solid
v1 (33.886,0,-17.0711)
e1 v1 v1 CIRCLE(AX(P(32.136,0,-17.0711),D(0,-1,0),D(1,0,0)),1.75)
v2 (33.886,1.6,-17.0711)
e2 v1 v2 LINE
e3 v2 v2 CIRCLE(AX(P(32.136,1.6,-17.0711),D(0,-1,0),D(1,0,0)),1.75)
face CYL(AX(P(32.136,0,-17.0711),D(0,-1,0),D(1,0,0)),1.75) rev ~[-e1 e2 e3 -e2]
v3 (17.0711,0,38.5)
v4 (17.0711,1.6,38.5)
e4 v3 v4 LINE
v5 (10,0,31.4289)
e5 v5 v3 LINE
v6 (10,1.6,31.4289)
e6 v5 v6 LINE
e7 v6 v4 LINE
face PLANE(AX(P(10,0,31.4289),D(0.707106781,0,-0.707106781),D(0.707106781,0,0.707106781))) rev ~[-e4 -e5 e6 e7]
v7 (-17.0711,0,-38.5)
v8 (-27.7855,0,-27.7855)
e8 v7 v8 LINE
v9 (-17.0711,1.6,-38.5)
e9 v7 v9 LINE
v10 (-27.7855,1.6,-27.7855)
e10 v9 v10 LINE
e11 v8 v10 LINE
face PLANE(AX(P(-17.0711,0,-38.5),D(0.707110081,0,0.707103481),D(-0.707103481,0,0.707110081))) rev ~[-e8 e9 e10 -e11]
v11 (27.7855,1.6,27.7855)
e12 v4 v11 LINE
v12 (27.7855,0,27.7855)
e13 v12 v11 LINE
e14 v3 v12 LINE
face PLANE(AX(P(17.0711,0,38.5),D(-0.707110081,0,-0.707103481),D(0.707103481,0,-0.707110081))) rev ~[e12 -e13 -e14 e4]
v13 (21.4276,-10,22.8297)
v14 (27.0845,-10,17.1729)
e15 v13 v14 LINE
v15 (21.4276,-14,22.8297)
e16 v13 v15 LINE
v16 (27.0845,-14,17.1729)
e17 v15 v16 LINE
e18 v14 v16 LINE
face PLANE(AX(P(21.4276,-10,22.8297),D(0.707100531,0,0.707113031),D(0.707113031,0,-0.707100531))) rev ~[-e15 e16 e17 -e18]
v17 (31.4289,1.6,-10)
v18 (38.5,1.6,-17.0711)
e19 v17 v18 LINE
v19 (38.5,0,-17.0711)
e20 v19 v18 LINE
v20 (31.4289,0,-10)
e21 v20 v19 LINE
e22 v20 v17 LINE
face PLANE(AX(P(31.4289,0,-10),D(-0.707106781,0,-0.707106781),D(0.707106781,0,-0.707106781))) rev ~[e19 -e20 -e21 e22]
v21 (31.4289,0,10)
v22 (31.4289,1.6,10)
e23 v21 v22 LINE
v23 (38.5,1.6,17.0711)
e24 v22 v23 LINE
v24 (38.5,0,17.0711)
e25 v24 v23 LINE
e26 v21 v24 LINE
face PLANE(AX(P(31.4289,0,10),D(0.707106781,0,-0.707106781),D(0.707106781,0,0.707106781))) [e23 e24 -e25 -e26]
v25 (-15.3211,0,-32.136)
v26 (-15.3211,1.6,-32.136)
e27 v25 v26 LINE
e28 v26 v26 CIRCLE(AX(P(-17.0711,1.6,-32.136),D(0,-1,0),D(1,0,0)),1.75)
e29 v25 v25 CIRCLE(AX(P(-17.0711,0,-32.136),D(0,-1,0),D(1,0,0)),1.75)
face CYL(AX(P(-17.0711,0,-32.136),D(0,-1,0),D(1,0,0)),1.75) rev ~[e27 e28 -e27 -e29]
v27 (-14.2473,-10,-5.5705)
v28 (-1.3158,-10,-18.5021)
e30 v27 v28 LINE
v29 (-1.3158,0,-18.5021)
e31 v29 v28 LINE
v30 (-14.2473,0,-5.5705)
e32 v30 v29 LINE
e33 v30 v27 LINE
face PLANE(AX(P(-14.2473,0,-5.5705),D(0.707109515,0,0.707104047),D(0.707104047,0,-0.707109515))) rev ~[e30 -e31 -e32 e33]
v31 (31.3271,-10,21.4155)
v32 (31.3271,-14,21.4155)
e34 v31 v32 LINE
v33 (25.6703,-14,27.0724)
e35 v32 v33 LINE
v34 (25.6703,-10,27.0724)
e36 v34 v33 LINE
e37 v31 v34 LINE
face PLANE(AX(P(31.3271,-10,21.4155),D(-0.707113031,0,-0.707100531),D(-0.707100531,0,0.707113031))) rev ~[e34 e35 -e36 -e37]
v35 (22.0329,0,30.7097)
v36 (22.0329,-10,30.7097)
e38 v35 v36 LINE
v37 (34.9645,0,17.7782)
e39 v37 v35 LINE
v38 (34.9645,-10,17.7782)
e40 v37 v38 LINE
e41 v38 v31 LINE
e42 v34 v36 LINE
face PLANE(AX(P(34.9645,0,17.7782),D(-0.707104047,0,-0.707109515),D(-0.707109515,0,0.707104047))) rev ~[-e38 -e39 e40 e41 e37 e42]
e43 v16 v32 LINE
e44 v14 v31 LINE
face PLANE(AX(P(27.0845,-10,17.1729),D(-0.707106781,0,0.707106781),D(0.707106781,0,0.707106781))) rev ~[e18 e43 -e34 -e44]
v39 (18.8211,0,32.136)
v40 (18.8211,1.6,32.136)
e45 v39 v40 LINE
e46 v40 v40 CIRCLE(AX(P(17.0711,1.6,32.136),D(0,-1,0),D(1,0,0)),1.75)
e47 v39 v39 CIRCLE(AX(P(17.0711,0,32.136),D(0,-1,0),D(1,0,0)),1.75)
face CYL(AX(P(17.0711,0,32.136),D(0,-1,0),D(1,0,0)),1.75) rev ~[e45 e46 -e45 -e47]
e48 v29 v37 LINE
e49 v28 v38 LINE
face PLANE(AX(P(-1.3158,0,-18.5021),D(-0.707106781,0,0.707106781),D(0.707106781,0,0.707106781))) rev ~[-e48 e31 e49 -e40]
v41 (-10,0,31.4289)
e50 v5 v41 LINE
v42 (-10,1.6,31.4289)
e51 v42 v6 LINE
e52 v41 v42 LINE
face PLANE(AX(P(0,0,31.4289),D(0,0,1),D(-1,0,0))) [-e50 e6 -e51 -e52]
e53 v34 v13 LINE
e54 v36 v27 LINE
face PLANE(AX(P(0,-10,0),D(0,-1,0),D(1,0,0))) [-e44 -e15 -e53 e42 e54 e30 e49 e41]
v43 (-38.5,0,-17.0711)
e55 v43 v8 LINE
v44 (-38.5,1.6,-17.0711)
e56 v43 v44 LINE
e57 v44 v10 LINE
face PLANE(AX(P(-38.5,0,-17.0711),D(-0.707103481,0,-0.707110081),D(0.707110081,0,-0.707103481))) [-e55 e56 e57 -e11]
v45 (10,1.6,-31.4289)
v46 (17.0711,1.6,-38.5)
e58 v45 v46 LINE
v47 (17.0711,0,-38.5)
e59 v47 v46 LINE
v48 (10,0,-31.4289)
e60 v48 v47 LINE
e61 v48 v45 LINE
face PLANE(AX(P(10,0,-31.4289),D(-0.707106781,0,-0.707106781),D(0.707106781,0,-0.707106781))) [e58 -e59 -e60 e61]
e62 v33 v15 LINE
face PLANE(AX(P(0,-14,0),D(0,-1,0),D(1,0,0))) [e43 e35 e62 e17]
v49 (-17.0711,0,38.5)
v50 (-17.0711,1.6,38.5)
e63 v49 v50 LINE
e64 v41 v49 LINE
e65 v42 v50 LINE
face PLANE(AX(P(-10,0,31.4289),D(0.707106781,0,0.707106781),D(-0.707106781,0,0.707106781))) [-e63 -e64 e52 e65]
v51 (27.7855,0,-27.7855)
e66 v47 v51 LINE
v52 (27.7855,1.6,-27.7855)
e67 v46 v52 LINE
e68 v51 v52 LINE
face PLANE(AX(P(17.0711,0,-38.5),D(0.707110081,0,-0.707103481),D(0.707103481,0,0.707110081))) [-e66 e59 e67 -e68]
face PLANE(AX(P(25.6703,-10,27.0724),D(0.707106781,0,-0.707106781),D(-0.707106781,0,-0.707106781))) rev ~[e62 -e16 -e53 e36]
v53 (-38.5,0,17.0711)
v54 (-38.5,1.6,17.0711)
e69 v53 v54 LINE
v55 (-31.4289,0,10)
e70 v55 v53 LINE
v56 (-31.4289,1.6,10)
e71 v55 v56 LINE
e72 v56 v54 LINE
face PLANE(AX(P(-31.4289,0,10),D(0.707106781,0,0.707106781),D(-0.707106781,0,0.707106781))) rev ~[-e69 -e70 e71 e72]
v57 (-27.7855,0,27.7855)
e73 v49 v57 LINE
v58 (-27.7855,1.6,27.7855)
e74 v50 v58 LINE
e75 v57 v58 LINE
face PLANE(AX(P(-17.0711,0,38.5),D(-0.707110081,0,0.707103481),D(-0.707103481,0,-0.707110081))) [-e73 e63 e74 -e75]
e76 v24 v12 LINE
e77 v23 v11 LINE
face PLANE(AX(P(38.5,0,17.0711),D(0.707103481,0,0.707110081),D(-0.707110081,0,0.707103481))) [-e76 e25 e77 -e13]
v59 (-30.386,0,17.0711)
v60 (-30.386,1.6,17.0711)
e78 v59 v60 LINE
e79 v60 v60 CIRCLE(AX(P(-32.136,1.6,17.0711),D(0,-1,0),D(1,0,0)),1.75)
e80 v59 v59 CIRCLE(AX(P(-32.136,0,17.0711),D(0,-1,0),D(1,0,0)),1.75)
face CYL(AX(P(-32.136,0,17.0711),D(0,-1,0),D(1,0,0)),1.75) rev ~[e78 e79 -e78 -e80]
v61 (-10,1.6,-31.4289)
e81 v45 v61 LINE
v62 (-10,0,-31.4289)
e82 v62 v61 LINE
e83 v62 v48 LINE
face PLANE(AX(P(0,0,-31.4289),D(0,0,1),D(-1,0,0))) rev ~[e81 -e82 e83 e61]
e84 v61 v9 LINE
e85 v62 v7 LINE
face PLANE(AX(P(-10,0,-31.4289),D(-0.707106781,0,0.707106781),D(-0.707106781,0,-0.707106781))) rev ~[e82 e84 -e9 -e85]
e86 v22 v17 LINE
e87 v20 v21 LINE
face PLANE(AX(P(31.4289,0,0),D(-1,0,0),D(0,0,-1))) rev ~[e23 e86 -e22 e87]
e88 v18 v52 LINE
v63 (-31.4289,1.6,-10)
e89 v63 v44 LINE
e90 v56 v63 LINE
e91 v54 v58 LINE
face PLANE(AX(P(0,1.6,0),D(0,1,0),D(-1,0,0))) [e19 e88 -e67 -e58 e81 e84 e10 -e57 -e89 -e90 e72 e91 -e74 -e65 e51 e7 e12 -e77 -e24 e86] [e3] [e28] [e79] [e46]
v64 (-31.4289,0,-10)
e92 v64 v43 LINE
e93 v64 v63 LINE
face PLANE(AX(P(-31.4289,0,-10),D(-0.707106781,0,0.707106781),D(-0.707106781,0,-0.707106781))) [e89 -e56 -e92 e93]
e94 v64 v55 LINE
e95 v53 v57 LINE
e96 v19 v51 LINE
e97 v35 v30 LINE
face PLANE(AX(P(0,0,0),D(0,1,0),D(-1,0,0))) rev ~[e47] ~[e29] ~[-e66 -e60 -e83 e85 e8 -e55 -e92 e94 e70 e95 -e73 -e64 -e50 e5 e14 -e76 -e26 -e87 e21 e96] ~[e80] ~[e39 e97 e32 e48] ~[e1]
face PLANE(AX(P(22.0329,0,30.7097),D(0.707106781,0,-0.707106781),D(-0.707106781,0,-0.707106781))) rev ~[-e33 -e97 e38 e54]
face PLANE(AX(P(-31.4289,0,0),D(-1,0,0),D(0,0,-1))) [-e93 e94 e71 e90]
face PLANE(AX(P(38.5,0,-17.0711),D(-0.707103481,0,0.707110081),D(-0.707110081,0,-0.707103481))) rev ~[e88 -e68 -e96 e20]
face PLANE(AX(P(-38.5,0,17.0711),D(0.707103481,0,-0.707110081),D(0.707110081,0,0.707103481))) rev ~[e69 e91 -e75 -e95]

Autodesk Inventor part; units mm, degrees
ref_plane "YZ Plane" through (0, 0, 0) normal (1, 0, 0) x (0, 1, 0)
ref_plane "XZ Plane" through (0, 0, 0) normal (0, 1, 0) x (-1, 0, 0)
ref_plane "XY Plane" through (0, 0, 0) normal (0, 0, 1) x (1, 0, 0)
sketch "Esquisse1" plane through (0, 0, 0) normal (0, 1, 0) x (-1, 0, 0)
  line L0 (0, 0) -> (40.8419, 40.8419) construction
  line L1 (0, 0) -> (43.2459, 0) construction
  line L2 (0, 0) -> (0, 37.214) construction
  line L3 (31.4289, 0) -> (31.4289, 10)
  line L4 (31.4289, 10) -> (38.5, 17.0711)
  line L5 (38.5, 17.0711) -> (27.7855, 27.7855)
  line L6 (0, 31.4289) -> (10, 31.4289)
  line L7 (10, 31.4289) -> (17.0711, 38.5)
  line L8 (17.0711, 38.5) -> (27.7855, 27.7855)
  line L9 (31.4289, 0) -> (31.4289, -10)
  line L10 (31.4289, -10) -> (38.5, -17.0711)
  line L11 (38.5, -17.0711) -> (27.7855, -27.7855)
  line L12 (0, -31.4289) -> (10, -31.4289)
  line L13 (10, -31.4289) -> (17.0711, -38.5)
  line L14 (17.0711, -38.5) -> (27.7855, -27.7855)
  line L15 (0, 0) -> (-40.8419, 40.8419) construction
  line L16 (0, 0) -> (-43.2459, 0) construction
  line L17 (-31.4289, 0) -> (-31.4289, 10)
  line L18 (-31.4289, 10) -> (-38.5, 17.0711)
  line L19 (-38.5, 17.0711) -> (-27.7855, 27.7855)
  line L20 (0, 31.4289) -> (-10, 31.4289)
  line L21 (-10, 31.4289) -> (-17.0711, 38.5)
  line L22 (-17.0711, 38.5) -> (-27.7855, 27.7855)
  line L23 (-38.5, -17.0711) -> (-27.7855, -27.7855)
  line L24 (-31.4289, -10) -> (-38.5, -17.0711)
  line L25 (-31.4289, 0) -> (-31.4289, -10)
  line L26 (-17.0711, -38.5) -> (-27.7855, -27.7855)
  line L27 (-10, -31.4289) -> (-17.0711, -38.5)
  line L28 (0, -31.4289) -> (-10, -31.4289)
  dimension "d4" = 45
  dimension "d5" = 10
  dimension "d6" = 10
  dimension "d7" = 38.5
  dimension "d10" = 77
extrude "Extrusion1" add sketch "Esquisse1" along normal blind 1.6
sketch "Esquisse3" plane through (0, 0, 0) normal (0, -1, 0) x (1, 0, 0)
  line L0 (-31.4289, -10) -> (-31.4289, 10) construction
  line L1 (-38.5, -17.0711) -> (-31.4289, -10) construction
  line L2 (-17.0711, -38.5) -> (-38.5, -17.0711) construction
  line L3 (-10, -31.4289) -> (-17.0711, -38.5) construction
  line L4 (10, -31.4289) -> (-10, -31.4289) construction
  line L5 (17.0711, -38.5) -> (10, -31.4289) construction
  line L6 (38.5, -17.0711) -> (17.0711, -38.5) construction
  line L7 (31.4289, -10) -> (38.5, -17.0711) construction
  line L8 (31.4289, 10) -> (31.4289, -10) construction
  line L9 (38.5, 17.0711) -> (31.4289, 10) construction
  line L10 (17.0711, 38.5) -> (38.5, 17.0711) construction
  line L11 (10, 31.4289) -> (17.0711, 38.5) construction
  line L12 (-10, 31.4289) -> (10, 31.4289) construction
  line L13 (-17.0711, 38.5) -> (-10, 31.4289) construction
  line L14 (-38.5, 17.0711) -> (-17.0711, 38.5) construction
  line L15 (-31.4289, 10) -> (-38.5, 17.0711) construction
  circle A0 centre (-32.136, 17.0711) radius 1.75
  circle A1 centre (-17.0711, -32.136) radius 1.75
  circle A2 centre (32.136, -17.0711) radius 1.75
  circle A3 centre (17.0711, 32.136) radius 1.75
  point P0 (0, 0)
  point P1 (16, 32)
  point P2 (0, 0)
  point P3 (0, 0)
  point P4 (0, 0)
  dimension "d36" = 4.5
  dimension "d37" = 4.5
  dimension "d38" = 3.5
  dimension "d41" = 360
extrude "Extrusion2" cut sketch "Esquisse3" against normal through all
sketch "Esquisse4" plane through (0, 0, 0) normal (0, -1, 0) x (1, 0, 0)
  point P0 (0, 0)
sketch "Esquisse5" plane through (0, 0, 0) normal (0, -1, 0) x (1, 0, 0)
  line L0 (-31.4289, -10) -> (-31.4289, 10) construction
  line L1 (-38.5, -17.0711) -> (-31.4289, -10) construction
  line L2 (-17.0711, -38.5) -> (-38.5, -17.0711) construction
  line L3 (-10, -31.4289) -> (-17.0711, -38.5) construction
  line L4 (10, -31.4289) -> (-10, -31.4289) construction
  line L5 (17.0711, -38.5) -> (10, -31.4289) construction
  line L6 (38.5, -17.0711) -> (17.0711, -38.5) construction
  line L7 (31.4289, -10) -> (38.5, -17.0711) construction
  line L8 (31.4289, 10) -> (31.4289, -10) construction
  line L9 (38.5, 17.0711) -> (31.4289, 10) construction
  line L10 (17.0711, 38.5) -> (38.5, 17.0711) construction
  line L11 (10, 31.4289) -> (17.0711, 38.5) construction
  line L12 (-10, 31.4289) -> (10, 31.4289) construction
  line L13 (-17.0711, 38.5) -> (-10, 31.4289) construction
  line L14 (-38.5, 17.0711) -> (-17.0711, 38.5) construction
  line L15 (-31.4289, 10) -> (-38.5, 17.0711) construction
  line L16 (0, 0) -> (-31.4289, 0) construction
  line L17 (0, 0) -> (0, -31.4289) construction
  dimension "d29" = 38.5
  dimension "d30" = 17.0711
  dimension "d31" = 31.4289
  dimension "d32" = 10
  dimension "d33" = 17.0711
  dimension "d34" = 38.5
  dimension "d35" = 10
sketch "Esquisse6" plane through (0, 0, 0) normal (0, -1, 0) x (1, 0, 0)
  line L0 (22.0329, 30.7097) -> (-14.2473, -5.5705)
  line L1 (-14.2473, -5.5705) -> (-1.3158, -18.5021)
  line L2 (-1.3158, -18.5021) -> (34.9645, 17.7782)
  line L3 (34.9645, 17.7782) -> (22.0329, 30.7097)
  line L4 (17.0711, 38.5) -> (38.5, 17.0711) projected
  line L5 (38.5, 17.0711) -> (31.4289, 10) projected
  point P0 (0, 0)
  dimension "d43" = 2
  dimension "d44" = 51.308
  dimension "d45" = 18.288
  dimension "d46" = 3
extrude "Extrusion3" add sketch "Esquisse6" along normal blind 10
sketch "Esquisse7" plane through (0, -10, 0) normal (0, -1, 0) x (1, 0, 0)
  line L0 (21.4276, 22.8297) -> (27.0845, 17.1729)
  line L1 (27.0845, 17.1729) -> (31.3271, 21.4155)
  line L2 (31.3271, 21.4155) -> (25.6703, 27.0724)
  line L3 (25.6703, 27.0724) -> (21.4276, 22.8297)
  line L4 (34.9645, 17.7782) -> (22.0329, 30.7097) projected
  point P0 (0, 0)
  point P1 (28.4987, 24.244)
  dimension "d49" = 8
  dimension "d50" = 6
extrude "Extrusion4" add sketch "Esquisse7" along normal blind 4
properties part number "x_board"
